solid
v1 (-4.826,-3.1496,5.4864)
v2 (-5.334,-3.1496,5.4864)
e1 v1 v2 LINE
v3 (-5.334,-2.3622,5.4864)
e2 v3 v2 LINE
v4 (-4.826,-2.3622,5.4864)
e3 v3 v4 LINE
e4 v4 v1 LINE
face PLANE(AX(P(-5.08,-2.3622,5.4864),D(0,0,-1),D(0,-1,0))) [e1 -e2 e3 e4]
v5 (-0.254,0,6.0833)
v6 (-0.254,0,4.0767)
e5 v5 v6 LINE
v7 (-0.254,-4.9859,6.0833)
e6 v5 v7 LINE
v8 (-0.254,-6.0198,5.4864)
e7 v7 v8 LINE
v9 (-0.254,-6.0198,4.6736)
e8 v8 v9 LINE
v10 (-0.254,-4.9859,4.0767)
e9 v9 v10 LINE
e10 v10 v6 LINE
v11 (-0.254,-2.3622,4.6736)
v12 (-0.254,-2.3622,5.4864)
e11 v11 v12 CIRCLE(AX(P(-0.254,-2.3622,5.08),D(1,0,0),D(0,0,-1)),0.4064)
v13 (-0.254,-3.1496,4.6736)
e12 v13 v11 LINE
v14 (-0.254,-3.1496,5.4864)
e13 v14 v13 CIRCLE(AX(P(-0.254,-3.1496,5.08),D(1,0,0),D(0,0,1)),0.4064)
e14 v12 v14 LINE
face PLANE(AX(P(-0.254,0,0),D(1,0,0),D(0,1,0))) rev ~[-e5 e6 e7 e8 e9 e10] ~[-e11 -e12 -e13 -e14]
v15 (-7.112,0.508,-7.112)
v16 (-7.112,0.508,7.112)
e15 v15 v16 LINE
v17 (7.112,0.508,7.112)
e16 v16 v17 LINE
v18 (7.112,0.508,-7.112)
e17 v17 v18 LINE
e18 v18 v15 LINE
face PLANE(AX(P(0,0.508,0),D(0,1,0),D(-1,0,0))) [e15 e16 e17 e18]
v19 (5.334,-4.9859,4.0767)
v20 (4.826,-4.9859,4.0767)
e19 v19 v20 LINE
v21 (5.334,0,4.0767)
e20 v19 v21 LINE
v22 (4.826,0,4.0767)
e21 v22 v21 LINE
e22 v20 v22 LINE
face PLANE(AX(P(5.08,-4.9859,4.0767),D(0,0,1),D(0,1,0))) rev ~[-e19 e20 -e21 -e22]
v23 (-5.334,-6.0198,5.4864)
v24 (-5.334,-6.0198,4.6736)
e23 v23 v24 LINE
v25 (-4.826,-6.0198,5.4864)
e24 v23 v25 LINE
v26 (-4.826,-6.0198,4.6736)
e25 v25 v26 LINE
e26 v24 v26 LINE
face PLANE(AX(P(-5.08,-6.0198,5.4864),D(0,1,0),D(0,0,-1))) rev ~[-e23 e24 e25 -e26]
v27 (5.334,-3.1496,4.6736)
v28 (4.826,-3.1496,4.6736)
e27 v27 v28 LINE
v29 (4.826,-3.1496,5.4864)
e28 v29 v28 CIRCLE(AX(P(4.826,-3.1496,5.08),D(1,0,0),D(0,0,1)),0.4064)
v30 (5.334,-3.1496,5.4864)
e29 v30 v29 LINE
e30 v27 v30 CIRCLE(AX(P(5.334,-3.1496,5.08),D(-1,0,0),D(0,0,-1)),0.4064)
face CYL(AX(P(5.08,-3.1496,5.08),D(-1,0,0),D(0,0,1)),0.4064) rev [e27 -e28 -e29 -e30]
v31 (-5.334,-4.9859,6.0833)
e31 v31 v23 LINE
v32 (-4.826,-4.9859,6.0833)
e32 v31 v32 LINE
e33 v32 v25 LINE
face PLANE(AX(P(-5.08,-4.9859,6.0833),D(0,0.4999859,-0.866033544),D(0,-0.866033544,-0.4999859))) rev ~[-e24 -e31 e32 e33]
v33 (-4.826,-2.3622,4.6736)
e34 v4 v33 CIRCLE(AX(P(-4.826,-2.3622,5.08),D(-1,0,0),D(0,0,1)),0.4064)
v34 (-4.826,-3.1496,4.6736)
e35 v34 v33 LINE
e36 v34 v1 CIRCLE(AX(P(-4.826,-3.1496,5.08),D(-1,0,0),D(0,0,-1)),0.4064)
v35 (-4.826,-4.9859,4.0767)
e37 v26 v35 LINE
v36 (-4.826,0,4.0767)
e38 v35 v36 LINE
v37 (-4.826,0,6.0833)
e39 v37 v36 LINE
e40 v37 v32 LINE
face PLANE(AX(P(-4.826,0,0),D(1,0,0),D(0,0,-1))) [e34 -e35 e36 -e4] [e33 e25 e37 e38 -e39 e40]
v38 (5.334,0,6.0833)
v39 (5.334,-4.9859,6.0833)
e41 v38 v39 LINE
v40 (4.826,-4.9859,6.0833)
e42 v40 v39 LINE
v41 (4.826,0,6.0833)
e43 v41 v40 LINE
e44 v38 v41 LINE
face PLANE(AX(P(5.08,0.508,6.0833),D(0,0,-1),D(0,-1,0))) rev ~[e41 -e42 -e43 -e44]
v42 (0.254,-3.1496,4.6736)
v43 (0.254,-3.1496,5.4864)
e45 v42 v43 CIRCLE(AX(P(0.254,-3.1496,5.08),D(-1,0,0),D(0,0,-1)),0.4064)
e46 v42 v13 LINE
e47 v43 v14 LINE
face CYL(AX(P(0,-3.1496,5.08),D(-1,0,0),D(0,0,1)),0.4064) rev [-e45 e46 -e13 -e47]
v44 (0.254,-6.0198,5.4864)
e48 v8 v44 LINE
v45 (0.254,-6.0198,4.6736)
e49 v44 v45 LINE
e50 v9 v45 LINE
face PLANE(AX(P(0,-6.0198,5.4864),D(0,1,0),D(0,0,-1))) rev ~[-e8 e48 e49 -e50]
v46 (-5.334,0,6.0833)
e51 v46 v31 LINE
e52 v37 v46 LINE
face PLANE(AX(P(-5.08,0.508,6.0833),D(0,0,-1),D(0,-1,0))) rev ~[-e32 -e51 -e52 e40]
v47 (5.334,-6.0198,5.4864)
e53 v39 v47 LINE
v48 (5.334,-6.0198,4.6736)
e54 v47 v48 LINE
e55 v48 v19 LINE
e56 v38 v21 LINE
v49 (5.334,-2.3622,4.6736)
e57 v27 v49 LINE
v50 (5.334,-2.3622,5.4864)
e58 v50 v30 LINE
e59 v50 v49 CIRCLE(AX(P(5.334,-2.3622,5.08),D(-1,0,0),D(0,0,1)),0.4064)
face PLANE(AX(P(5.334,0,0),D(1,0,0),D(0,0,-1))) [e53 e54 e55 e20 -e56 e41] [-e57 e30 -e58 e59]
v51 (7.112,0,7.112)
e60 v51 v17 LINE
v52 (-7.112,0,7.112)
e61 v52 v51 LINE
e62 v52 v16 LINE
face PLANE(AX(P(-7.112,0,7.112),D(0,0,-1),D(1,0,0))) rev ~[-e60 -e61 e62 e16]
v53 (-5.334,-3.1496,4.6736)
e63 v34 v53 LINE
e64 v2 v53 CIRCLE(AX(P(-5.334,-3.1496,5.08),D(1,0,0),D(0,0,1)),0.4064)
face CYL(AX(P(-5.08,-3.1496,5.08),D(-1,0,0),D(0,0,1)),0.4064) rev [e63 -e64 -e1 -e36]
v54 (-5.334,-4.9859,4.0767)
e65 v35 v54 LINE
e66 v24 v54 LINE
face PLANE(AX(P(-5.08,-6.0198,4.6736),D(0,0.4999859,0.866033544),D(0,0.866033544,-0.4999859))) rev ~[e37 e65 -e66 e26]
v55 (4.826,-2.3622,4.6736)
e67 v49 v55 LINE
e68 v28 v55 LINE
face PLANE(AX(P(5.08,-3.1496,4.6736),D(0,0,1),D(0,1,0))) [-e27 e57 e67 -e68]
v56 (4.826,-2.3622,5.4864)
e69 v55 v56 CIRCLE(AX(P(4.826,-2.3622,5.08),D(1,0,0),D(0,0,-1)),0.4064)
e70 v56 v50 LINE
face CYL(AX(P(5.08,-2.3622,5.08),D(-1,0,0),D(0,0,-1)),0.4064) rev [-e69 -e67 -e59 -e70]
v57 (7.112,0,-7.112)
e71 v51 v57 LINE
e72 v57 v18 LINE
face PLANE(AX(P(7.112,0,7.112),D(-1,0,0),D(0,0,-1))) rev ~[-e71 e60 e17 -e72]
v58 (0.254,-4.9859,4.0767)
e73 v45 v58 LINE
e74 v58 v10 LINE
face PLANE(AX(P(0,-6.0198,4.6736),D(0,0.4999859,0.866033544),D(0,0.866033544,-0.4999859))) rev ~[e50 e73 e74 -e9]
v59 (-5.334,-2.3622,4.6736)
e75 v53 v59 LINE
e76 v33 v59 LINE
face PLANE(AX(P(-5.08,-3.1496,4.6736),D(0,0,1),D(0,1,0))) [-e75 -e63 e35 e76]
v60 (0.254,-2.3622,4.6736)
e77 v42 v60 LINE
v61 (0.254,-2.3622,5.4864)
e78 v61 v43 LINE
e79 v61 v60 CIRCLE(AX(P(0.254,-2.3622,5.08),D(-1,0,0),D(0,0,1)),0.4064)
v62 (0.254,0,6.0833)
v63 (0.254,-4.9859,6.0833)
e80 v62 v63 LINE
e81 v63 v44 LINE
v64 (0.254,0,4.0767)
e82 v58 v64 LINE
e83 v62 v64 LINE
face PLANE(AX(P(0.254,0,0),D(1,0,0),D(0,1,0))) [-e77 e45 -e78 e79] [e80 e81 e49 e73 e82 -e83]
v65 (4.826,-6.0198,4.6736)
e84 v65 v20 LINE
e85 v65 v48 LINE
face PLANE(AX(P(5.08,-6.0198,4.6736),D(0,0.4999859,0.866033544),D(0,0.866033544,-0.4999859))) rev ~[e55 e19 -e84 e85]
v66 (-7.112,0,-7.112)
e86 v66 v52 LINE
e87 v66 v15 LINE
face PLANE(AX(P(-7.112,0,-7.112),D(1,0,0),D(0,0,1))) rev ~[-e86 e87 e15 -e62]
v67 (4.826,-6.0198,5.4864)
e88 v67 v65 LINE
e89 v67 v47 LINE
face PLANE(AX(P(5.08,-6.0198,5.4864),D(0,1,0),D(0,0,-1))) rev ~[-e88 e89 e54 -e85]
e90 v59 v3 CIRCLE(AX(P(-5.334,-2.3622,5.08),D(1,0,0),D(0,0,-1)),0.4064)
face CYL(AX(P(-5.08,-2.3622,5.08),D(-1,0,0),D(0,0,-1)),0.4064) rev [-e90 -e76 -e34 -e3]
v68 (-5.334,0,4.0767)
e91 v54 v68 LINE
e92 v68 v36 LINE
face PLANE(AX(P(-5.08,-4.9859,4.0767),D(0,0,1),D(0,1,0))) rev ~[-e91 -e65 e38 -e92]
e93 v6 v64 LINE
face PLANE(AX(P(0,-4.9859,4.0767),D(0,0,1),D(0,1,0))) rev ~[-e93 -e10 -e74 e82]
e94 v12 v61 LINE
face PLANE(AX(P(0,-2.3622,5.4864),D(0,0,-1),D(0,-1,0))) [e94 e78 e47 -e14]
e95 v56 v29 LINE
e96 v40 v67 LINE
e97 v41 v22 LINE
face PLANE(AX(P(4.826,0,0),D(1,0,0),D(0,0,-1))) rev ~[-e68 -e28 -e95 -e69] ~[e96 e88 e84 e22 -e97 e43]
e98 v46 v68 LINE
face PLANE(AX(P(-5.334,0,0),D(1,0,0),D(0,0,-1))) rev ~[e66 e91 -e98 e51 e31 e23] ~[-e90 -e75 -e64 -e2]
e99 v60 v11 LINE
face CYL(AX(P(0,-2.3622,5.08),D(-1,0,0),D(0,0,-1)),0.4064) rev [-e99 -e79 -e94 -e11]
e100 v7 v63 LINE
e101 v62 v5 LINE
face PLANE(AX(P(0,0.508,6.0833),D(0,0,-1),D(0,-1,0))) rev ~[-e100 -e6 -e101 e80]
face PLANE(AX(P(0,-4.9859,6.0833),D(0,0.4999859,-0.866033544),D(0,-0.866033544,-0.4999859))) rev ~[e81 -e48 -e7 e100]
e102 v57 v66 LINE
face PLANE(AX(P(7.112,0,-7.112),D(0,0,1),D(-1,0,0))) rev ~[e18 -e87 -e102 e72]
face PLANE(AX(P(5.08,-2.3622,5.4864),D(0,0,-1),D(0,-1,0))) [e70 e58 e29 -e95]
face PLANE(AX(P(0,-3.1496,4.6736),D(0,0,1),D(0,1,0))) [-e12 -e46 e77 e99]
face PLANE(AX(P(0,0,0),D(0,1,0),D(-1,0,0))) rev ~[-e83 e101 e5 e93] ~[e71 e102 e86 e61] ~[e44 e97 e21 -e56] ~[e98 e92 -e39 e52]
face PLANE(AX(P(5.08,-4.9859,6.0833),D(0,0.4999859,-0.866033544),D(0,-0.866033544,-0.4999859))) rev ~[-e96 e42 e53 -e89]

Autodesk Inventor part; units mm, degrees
sketch "Sketch_1" plane through (0, 0, 0) normal (0, 1, 0) x (-1, 0, 0)
  line L0 (7.112, -7.112) -> (7.112, 7.112)
  line L1 (7.112, 7.112) -> (-7.112, 7.112)
  line L2 (-7.112, 7.112) -> (-7.112, -7.112)
  line L3 (-7.112, -7.112) -> (7.112, -7.112)
extrude "Extrusion1" add sketch "Sketch_1" along normal blind 0.508
sketch "Sketch_2" plane through (-5.08, 0, 0) normal (1, 0, 0) x (0, 0, -1)
  line L0 (-6.0833, -4.9859) -> (-5.4864, -6.0198)
  line L1 (-5.4864, -6.0198) -> (-4.6736, -6.0198)
  line L2 (-4.6736, -6.0198) -> (-4.0767, -4.9859)
  line L3 (-4.0767, -4.9859) -> (-4.0767, 0.508)
  line L4 (-4.0767, 0.508) -> (-6.0833, 0.508)
  line L5 (-6.0833, 0.508) -> (-6.0833, -4.9859)
  line L6 (-5.4864, -2.3622) -> (-5.4864, -3.1496)
  arc A0 (-5.4864, -3.1496) -> (-5.08, -3.556) centre (-5.08, -3.1496) ccw
  arc A1 (-5.08, -3.556) -> (-4.6736, -3.1496) centre (-5.08, -3.1496) ccw
  line L7 (-4.6736, -3.1496) -> (-4.6736, -2.3622)
  arc A2 (-4.6736, -2.3622) -> (-5.08, -1.9558) centre (-5.08, -2.3622) ccw
  arc A3 (-5.08, -1.9558) -> (-5.4864, -2.3622) centre (-5.08, -2.3622) ccw
extrude "Extrusion2" add sketch "Sketch_2" along normal mid plane 0.508
sketch "Sketch_4" plane through (0, 0, 0) normal (1, 0, 0) x (0, 1, 0)
  line L0 (-4.9859, 6.0833) -> (-6.0198, 5.4864)
  line L1 (-6.0198, 5.4864) -> (-6.0198, 4.6736)
  line L2 (-6.0198, 4.6736) -> (-4.9859, 4.0767)
  line L3 (-4.9859, 4.0767) -> (0.508, 4.0767)
  line L4 (0.508, 4.0767) -> (0.508, 6.0833)
  line L5 (0.508, 6.0833) -> (-4.9859, 6.0833)
  line L6 (-2.3622, 5.4864) -> (-3.1496, 5.4864)
  arc A0 (-3.1496, 5.4864) -> (-3.556, 5.08) centre (-3.1496, 5.08) ccw
  arc A1 (-3.556, 5.08) -> (-3.1496, 4.6736) centre (-3.1496, 5.08) ccw
  line L7 (-3.1496, 4.6736) -> (-2.3622, 4.6736)
  arc A2 (-2.3622, 4.6736) -> (-1.9558, 5.08) centre (-2.3622, 5.08) ccw
  arc A3 (-1.9558, 5.08) -> (-2.3622, 5.4864) centre (-2.3622, 5.08) ccw
extrude "Extrusion3" add sketch "Sketch_4" along normal mid plane 0.508
sketch "Sketch_6" plane through (5.08, 0, 0) normal (1, 0, 0) x (0, 0, -1)
  line L0 (-6.0833, -4.9859) -> (-5.4864, -6.0198)
  line L1 (-5.4864, -6.0198) -> (-4.6736, -6.0198)
  line L2 (-4.6736, -6.0198) -> (-4.0767, -4.9859)
  line L3 (-4.0767, -4.9859) -> (-4.0767, 0.508)
  line L4 (-4.0767, 0.508) -> (-6.0833, 0.508)
  line L5 (-6.0833, 0.508) -> (-6.0833, -4.9859)
  line L6 (-5.4864, -2.3622) -> (-5.4864, -3.1496)
  arc A0 (-5.4864, -3.1496) -> (-5.08, -3.556) centre (-5.08, -3.1496) ccw
  arc A1 (-5.08, -3.556) -> (-4.6736, -3.1496) centre (-5.08, -3.1496) ccw
  line L7 (-4.6736, -3.1496) -> (-4.6736, -2.3622)
  arc A2 (-4.6736, -2.3622) -> (-5.08, -1.9558) centre (-5.08, -2.3622) ccw
  arc A3 (-5.08, -1.9558) -> (-5.4864, -2.3622) centre (-5.08, -2.3622) ccw
extrude "Extrusion4" add sketch "Sketch_6" along normal mid plane 0.508
ref_plane "pole_to_body_XY" through (0, 0.508, 0) normal (0, 1, 0) x (1, 0, 0)
ref_plane "pole_to_body_YZ" through (0, 0.508, 0) normal (1, 0, 0) x (0, 0, -1)
ref_plane "pole_to_body_ZX" through (0, 0.508, 0) normal (0, 0, -1) x (0, 1, 0)
properties part number "UB216KKW015C-NR"
